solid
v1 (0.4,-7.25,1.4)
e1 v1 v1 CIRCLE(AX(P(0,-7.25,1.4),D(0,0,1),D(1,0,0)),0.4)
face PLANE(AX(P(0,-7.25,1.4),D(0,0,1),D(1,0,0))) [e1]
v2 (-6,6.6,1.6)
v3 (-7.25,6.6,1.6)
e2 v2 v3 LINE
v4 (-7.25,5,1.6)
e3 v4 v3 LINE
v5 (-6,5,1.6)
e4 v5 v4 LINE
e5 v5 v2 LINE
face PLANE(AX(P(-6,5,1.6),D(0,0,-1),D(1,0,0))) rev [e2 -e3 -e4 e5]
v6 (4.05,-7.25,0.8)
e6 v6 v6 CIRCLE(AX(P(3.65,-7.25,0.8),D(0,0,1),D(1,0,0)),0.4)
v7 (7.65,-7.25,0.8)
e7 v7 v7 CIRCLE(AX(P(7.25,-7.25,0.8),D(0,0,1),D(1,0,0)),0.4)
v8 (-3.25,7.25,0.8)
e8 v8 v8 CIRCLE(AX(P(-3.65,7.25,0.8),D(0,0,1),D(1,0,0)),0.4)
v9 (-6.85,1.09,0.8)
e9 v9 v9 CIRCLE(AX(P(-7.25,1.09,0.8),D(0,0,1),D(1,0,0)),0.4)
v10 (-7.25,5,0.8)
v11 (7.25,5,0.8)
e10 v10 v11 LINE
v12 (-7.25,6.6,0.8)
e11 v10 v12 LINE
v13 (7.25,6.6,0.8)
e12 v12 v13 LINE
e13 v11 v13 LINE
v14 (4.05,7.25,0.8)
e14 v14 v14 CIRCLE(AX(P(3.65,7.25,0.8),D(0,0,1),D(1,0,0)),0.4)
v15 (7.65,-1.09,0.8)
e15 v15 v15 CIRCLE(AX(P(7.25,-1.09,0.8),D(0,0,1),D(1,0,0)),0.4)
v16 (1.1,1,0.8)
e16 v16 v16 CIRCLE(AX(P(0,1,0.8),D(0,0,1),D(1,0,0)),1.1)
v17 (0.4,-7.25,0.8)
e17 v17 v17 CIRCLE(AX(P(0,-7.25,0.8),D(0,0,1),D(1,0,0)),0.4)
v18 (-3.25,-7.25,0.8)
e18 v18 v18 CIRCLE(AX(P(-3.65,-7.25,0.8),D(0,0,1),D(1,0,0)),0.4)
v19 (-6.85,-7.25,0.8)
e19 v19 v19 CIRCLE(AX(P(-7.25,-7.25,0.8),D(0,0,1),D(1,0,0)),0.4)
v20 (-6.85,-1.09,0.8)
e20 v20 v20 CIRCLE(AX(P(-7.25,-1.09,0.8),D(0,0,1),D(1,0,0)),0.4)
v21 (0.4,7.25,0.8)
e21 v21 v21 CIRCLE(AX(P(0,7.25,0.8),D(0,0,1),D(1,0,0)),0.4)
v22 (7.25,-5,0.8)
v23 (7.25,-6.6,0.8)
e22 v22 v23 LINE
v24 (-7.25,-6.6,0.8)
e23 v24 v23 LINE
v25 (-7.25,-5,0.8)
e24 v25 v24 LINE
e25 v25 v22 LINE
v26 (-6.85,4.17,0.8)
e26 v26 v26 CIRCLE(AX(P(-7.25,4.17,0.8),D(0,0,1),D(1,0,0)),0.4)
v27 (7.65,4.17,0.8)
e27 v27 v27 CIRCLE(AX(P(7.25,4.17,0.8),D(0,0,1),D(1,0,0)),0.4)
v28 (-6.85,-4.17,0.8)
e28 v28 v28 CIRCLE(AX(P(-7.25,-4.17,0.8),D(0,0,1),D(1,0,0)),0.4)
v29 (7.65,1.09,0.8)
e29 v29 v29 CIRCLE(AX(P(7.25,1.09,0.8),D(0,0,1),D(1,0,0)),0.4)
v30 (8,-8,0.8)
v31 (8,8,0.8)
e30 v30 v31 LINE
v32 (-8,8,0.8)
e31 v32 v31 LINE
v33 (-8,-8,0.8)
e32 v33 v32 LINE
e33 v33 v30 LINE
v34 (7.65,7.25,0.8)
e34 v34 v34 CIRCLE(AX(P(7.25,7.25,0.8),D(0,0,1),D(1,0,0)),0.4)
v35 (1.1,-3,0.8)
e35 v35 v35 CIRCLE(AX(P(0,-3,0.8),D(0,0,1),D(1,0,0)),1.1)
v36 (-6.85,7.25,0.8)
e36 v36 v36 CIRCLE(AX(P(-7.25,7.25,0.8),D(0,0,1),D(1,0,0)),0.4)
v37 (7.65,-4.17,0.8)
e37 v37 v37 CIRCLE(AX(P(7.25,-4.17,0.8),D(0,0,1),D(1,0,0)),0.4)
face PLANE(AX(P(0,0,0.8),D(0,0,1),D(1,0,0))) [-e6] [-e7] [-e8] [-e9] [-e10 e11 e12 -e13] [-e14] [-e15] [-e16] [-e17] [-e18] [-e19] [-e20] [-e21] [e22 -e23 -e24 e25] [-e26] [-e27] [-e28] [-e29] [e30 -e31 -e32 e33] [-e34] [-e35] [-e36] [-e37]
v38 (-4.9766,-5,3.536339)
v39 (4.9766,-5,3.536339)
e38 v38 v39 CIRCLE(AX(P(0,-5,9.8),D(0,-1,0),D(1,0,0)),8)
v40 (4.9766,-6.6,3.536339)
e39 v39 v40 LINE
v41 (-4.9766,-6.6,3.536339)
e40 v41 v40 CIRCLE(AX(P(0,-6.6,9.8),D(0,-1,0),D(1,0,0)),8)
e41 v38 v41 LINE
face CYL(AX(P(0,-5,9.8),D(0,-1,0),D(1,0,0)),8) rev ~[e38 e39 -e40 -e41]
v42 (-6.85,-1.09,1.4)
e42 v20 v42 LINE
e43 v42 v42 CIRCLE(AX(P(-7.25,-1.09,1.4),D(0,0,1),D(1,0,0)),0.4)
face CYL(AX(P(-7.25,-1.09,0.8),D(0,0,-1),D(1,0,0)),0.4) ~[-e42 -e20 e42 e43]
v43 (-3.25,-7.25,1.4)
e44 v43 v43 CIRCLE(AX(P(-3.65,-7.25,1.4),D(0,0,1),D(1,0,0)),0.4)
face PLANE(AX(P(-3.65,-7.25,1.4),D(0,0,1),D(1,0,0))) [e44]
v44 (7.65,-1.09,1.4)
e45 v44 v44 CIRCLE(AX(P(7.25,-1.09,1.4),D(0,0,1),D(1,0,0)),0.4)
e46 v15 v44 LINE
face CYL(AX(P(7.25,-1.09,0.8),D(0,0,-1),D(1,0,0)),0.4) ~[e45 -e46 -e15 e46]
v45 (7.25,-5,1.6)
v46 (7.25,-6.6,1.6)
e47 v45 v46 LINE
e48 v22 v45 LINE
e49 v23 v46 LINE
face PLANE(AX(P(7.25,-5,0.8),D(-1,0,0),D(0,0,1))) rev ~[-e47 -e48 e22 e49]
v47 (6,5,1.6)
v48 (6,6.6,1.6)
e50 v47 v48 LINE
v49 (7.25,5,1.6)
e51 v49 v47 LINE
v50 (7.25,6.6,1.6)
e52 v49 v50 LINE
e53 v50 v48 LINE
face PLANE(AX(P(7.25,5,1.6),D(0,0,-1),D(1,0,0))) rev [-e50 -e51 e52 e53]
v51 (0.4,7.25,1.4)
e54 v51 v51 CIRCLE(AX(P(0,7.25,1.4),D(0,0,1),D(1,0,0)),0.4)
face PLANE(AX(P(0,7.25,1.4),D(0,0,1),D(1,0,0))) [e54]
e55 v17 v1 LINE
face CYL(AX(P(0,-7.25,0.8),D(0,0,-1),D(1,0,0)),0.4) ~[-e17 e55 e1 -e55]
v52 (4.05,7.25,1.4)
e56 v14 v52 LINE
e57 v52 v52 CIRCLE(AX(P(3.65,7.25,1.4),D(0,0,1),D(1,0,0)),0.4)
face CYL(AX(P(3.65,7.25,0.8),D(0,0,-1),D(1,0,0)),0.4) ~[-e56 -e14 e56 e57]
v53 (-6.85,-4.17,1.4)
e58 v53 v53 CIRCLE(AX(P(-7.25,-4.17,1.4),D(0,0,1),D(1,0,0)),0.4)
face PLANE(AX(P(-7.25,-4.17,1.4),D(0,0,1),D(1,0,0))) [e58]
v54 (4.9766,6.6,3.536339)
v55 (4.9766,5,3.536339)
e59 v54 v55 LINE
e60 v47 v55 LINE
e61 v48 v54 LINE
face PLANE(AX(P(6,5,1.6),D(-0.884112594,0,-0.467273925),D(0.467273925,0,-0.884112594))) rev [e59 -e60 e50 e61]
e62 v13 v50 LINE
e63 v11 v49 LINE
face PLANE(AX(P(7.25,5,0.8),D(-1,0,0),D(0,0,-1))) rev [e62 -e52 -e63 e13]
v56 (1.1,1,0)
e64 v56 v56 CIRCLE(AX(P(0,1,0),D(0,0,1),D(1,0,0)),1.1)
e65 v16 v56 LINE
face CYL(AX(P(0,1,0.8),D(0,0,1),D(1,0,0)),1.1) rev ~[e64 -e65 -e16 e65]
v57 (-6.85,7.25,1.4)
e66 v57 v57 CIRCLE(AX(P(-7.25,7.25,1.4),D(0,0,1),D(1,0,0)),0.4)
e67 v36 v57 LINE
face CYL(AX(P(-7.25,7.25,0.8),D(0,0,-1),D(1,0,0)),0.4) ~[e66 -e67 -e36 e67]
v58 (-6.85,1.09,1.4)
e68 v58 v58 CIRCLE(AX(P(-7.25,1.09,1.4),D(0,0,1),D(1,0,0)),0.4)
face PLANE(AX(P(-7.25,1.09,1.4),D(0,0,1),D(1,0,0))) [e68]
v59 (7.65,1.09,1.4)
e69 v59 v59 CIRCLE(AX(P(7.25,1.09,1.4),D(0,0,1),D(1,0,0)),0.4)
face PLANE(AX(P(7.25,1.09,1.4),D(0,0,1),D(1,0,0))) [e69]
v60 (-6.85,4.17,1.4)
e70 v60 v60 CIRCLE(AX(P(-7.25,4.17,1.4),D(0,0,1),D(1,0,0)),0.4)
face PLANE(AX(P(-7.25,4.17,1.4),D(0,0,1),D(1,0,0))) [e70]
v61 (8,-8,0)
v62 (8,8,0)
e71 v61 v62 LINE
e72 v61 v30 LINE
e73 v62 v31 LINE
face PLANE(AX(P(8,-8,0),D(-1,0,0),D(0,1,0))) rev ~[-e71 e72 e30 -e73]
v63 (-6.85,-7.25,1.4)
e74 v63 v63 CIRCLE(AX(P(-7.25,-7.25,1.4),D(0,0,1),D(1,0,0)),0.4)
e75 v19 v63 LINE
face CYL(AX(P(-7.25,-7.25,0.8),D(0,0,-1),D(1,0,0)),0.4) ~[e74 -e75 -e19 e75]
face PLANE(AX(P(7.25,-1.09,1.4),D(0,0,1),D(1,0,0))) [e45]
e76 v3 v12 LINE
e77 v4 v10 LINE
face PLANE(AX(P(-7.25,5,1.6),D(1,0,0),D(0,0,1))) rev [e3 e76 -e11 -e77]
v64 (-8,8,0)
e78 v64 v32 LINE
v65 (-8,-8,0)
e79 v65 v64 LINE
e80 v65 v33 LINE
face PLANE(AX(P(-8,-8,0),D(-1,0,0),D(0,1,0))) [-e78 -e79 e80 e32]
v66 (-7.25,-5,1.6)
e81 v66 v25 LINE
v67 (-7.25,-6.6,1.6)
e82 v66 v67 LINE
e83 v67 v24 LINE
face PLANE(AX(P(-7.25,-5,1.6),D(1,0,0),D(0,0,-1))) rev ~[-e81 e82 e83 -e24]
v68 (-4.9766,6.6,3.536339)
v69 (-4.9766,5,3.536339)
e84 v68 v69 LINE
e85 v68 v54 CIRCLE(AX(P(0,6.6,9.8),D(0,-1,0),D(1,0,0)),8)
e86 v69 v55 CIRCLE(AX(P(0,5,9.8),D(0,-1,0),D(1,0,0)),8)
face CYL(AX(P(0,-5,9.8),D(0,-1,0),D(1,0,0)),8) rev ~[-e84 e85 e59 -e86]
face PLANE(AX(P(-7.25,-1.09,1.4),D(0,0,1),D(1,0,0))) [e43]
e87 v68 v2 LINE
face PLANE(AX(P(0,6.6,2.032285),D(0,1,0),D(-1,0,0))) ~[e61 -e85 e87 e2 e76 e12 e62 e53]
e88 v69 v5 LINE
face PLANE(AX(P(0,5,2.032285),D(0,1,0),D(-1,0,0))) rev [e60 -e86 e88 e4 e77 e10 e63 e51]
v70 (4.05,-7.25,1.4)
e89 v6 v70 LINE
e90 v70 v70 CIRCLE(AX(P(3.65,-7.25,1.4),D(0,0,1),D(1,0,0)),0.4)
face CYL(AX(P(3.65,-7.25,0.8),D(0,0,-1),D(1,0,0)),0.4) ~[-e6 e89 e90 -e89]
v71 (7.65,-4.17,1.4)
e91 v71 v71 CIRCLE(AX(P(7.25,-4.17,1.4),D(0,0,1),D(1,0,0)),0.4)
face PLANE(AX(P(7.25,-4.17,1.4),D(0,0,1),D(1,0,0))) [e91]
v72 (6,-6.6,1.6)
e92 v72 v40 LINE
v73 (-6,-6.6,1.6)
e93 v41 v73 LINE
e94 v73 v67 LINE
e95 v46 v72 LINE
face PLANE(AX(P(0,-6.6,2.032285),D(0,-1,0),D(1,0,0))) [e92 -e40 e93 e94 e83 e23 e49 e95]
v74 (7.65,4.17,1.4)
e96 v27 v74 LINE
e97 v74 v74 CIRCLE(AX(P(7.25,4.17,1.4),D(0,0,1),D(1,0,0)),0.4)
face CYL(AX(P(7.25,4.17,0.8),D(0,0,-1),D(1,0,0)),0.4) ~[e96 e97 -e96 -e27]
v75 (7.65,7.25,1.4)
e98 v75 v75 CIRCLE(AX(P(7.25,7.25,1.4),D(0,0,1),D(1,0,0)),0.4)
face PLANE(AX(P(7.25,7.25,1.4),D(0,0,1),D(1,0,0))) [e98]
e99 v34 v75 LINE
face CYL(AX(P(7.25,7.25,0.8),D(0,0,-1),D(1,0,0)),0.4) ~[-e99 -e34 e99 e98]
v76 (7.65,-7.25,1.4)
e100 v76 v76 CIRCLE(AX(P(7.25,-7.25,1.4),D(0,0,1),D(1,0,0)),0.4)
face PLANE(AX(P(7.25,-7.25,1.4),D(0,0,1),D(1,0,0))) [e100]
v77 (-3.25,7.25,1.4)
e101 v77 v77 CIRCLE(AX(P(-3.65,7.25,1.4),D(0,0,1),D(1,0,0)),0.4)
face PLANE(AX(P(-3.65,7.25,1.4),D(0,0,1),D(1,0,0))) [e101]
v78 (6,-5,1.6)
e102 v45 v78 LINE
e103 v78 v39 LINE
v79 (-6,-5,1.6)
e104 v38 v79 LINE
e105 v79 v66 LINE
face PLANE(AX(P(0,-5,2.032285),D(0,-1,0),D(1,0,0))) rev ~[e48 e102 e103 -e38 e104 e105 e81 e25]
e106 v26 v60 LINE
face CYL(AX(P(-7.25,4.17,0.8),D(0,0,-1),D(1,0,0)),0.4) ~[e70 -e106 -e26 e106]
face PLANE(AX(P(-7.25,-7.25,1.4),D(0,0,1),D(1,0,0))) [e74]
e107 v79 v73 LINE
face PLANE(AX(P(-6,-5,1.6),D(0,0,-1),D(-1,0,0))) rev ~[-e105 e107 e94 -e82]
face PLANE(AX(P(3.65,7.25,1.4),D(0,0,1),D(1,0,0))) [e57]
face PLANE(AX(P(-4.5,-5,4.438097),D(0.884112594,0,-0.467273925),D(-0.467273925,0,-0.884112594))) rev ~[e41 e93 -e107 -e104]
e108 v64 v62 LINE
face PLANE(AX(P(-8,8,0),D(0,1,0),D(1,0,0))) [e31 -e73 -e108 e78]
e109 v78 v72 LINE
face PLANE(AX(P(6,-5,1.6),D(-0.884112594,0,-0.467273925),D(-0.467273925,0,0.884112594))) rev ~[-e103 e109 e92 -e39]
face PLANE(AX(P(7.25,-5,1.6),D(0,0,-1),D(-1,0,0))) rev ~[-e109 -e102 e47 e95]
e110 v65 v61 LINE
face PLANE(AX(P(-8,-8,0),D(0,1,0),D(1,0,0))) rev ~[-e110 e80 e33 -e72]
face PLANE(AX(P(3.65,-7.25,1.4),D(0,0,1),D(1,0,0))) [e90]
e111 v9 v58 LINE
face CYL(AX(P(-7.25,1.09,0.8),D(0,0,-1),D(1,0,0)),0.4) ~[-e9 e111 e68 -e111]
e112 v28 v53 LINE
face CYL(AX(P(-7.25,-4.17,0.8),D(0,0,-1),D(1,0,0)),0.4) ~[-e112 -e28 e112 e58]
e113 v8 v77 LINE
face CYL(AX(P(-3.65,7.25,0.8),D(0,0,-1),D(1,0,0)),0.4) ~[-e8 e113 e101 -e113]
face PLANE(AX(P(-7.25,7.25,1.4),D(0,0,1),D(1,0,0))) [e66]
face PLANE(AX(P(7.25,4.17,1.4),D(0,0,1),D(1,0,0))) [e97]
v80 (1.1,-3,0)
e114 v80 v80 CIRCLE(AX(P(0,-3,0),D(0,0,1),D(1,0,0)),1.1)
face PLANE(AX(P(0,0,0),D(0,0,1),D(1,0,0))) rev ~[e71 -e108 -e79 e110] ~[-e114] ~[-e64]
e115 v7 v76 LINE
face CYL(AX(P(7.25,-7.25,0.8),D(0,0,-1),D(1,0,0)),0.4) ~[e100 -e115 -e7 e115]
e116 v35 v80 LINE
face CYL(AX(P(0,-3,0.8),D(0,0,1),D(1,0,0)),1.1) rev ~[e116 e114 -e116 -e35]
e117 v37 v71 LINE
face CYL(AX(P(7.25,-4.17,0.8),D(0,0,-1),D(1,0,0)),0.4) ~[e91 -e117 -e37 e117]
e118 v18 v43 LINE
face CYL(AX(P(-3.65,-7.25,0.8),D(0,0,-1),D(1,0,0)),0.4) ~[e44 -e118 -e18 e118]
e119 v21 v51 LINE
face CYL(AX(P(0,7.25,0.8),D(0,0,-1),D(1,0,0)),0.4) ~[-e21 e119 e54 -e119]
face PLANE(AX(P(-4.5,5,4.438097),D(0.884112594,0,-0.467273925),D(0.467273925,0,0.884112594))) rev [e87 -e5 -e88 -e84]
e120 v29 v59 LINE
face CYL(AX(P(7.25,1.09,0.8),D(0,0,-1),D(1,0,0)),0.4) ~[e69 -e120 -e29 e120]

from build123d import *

# Parameters (mm, degrees)
F0_W      = 16
F0_H      = 16
F1_DEPTH  = 0.8
F2_R      = 0.4
F3_DEPTH  = 0.6
F6_DEPTH  = 1.6
F8_R      = 8
F9_DEPTH  = 12.5
F10_R     = 1.1
F11_DEPTH = 0.801


with BuildPart() as f1:
    # F0 (on Top) → F1 (new body)
    with BuildSketch(Plane.XY):
        Rectangle(F0_W, F0_H)
    extrude(amount=F1_DEPTH)

    # F2 (on face) → F3 (join)
    with BuildSketch(Plane.XY.offset(0.8)):
        with Locations((-7.25, 7.25)):
            Circle(F2_R)
        with Locations((-7.25, 4.17)):
            Circle(F2_R)
        with Locations((-7.25, 1.09)):
            Circle(F2_R)
        with Locations((-7.25, -1.09)):
            Circle(F2_R)
        with Locations((-7.25, -4.17)):
            Circle(F2_R)
        with Locations((-7.25, -7.25)):
            Circle(F2_R)
        with Locations((-3.65, 7.25)):
            Circle(F2_R)
        with Locations((0, 7.25)):
            Circle(F2_R)
        with Locations((3.65, 7.25)):
            Circle(F2_R)
        with Locations((7.25, 7.25)):
            Circle(F2_R)
        with Locations((7.25, 4.17)):
            Circle(F2_R)
        with Locations((7.25, 1.09)):
            Circle(F2_R)
        with Locations((7.25, -1.09)):
            Circle(F2_R)
        with Locations((7.25, -4.17)):
            Circle(F2_R)
        with Locations((7.25, -7.25)):
            Circle(F2_R)
        with Locations((0, -7.25)):
            Circle(F2_R)
        with Locations((3.65, -7.25)):
            Circle(F2_R)
        with Locations((-3.65, -7.25)):
            Circle(F2_R)
    extrude(amount=F3_DEPTH)

    # F5 (on offset) → F6 (join)
    with BuildSketch(Plane.XZ.offset(5)):
        with BuildLine():
            ThreePointArc((4.5, 4.4380973526), (0, 2.8), (-4.5, 4.4380973526))
            Line((-4.5, 4.4380973526), (-6, 1.6))
            Line((-6, 1.6), (-7.25, 1.6))
            Line((-7.25, 1.6), (-7.25, 0.8))
            Line((-7.25, 0.8), (7.25, 0.8))
            Line((7.25, 0.8), (7.25, 1.6))
            Line((7.25, 1.6), (6, 1.6))
            Line((6, 1.6), (4.5, 4.4380973526))
        make_face()
    extrude(amount=F6_DEPTH)

    # F7: F1 across plane


with BuildPart() as f1_1:
    add(f1.part)
    add(f1.part.mirror(Plane.XZ))

    # F8 (on offset) → F9 (cut, symmetric)
    with BuildSketch(Plane.XZ.offset(5)):
        with Locations((0, 9.8)):
            Circle(F8_R)
    extrude(amount=F9_DEPTH, both=True, mode=Mode.SUBTRACT)

    # F10 (on face) → F11 (cut, through all)
    with BuildSketch(Plane.XY.offset(0.8)):
        with Locations((0, -3)):
            Circle(F10_R)
        with Locations((0, 1)):
            Circle(F10_R)
    extrude(amount=-F11_DEPTH, mode=Mode.SUBTRACT)


solid = f1_1.part
